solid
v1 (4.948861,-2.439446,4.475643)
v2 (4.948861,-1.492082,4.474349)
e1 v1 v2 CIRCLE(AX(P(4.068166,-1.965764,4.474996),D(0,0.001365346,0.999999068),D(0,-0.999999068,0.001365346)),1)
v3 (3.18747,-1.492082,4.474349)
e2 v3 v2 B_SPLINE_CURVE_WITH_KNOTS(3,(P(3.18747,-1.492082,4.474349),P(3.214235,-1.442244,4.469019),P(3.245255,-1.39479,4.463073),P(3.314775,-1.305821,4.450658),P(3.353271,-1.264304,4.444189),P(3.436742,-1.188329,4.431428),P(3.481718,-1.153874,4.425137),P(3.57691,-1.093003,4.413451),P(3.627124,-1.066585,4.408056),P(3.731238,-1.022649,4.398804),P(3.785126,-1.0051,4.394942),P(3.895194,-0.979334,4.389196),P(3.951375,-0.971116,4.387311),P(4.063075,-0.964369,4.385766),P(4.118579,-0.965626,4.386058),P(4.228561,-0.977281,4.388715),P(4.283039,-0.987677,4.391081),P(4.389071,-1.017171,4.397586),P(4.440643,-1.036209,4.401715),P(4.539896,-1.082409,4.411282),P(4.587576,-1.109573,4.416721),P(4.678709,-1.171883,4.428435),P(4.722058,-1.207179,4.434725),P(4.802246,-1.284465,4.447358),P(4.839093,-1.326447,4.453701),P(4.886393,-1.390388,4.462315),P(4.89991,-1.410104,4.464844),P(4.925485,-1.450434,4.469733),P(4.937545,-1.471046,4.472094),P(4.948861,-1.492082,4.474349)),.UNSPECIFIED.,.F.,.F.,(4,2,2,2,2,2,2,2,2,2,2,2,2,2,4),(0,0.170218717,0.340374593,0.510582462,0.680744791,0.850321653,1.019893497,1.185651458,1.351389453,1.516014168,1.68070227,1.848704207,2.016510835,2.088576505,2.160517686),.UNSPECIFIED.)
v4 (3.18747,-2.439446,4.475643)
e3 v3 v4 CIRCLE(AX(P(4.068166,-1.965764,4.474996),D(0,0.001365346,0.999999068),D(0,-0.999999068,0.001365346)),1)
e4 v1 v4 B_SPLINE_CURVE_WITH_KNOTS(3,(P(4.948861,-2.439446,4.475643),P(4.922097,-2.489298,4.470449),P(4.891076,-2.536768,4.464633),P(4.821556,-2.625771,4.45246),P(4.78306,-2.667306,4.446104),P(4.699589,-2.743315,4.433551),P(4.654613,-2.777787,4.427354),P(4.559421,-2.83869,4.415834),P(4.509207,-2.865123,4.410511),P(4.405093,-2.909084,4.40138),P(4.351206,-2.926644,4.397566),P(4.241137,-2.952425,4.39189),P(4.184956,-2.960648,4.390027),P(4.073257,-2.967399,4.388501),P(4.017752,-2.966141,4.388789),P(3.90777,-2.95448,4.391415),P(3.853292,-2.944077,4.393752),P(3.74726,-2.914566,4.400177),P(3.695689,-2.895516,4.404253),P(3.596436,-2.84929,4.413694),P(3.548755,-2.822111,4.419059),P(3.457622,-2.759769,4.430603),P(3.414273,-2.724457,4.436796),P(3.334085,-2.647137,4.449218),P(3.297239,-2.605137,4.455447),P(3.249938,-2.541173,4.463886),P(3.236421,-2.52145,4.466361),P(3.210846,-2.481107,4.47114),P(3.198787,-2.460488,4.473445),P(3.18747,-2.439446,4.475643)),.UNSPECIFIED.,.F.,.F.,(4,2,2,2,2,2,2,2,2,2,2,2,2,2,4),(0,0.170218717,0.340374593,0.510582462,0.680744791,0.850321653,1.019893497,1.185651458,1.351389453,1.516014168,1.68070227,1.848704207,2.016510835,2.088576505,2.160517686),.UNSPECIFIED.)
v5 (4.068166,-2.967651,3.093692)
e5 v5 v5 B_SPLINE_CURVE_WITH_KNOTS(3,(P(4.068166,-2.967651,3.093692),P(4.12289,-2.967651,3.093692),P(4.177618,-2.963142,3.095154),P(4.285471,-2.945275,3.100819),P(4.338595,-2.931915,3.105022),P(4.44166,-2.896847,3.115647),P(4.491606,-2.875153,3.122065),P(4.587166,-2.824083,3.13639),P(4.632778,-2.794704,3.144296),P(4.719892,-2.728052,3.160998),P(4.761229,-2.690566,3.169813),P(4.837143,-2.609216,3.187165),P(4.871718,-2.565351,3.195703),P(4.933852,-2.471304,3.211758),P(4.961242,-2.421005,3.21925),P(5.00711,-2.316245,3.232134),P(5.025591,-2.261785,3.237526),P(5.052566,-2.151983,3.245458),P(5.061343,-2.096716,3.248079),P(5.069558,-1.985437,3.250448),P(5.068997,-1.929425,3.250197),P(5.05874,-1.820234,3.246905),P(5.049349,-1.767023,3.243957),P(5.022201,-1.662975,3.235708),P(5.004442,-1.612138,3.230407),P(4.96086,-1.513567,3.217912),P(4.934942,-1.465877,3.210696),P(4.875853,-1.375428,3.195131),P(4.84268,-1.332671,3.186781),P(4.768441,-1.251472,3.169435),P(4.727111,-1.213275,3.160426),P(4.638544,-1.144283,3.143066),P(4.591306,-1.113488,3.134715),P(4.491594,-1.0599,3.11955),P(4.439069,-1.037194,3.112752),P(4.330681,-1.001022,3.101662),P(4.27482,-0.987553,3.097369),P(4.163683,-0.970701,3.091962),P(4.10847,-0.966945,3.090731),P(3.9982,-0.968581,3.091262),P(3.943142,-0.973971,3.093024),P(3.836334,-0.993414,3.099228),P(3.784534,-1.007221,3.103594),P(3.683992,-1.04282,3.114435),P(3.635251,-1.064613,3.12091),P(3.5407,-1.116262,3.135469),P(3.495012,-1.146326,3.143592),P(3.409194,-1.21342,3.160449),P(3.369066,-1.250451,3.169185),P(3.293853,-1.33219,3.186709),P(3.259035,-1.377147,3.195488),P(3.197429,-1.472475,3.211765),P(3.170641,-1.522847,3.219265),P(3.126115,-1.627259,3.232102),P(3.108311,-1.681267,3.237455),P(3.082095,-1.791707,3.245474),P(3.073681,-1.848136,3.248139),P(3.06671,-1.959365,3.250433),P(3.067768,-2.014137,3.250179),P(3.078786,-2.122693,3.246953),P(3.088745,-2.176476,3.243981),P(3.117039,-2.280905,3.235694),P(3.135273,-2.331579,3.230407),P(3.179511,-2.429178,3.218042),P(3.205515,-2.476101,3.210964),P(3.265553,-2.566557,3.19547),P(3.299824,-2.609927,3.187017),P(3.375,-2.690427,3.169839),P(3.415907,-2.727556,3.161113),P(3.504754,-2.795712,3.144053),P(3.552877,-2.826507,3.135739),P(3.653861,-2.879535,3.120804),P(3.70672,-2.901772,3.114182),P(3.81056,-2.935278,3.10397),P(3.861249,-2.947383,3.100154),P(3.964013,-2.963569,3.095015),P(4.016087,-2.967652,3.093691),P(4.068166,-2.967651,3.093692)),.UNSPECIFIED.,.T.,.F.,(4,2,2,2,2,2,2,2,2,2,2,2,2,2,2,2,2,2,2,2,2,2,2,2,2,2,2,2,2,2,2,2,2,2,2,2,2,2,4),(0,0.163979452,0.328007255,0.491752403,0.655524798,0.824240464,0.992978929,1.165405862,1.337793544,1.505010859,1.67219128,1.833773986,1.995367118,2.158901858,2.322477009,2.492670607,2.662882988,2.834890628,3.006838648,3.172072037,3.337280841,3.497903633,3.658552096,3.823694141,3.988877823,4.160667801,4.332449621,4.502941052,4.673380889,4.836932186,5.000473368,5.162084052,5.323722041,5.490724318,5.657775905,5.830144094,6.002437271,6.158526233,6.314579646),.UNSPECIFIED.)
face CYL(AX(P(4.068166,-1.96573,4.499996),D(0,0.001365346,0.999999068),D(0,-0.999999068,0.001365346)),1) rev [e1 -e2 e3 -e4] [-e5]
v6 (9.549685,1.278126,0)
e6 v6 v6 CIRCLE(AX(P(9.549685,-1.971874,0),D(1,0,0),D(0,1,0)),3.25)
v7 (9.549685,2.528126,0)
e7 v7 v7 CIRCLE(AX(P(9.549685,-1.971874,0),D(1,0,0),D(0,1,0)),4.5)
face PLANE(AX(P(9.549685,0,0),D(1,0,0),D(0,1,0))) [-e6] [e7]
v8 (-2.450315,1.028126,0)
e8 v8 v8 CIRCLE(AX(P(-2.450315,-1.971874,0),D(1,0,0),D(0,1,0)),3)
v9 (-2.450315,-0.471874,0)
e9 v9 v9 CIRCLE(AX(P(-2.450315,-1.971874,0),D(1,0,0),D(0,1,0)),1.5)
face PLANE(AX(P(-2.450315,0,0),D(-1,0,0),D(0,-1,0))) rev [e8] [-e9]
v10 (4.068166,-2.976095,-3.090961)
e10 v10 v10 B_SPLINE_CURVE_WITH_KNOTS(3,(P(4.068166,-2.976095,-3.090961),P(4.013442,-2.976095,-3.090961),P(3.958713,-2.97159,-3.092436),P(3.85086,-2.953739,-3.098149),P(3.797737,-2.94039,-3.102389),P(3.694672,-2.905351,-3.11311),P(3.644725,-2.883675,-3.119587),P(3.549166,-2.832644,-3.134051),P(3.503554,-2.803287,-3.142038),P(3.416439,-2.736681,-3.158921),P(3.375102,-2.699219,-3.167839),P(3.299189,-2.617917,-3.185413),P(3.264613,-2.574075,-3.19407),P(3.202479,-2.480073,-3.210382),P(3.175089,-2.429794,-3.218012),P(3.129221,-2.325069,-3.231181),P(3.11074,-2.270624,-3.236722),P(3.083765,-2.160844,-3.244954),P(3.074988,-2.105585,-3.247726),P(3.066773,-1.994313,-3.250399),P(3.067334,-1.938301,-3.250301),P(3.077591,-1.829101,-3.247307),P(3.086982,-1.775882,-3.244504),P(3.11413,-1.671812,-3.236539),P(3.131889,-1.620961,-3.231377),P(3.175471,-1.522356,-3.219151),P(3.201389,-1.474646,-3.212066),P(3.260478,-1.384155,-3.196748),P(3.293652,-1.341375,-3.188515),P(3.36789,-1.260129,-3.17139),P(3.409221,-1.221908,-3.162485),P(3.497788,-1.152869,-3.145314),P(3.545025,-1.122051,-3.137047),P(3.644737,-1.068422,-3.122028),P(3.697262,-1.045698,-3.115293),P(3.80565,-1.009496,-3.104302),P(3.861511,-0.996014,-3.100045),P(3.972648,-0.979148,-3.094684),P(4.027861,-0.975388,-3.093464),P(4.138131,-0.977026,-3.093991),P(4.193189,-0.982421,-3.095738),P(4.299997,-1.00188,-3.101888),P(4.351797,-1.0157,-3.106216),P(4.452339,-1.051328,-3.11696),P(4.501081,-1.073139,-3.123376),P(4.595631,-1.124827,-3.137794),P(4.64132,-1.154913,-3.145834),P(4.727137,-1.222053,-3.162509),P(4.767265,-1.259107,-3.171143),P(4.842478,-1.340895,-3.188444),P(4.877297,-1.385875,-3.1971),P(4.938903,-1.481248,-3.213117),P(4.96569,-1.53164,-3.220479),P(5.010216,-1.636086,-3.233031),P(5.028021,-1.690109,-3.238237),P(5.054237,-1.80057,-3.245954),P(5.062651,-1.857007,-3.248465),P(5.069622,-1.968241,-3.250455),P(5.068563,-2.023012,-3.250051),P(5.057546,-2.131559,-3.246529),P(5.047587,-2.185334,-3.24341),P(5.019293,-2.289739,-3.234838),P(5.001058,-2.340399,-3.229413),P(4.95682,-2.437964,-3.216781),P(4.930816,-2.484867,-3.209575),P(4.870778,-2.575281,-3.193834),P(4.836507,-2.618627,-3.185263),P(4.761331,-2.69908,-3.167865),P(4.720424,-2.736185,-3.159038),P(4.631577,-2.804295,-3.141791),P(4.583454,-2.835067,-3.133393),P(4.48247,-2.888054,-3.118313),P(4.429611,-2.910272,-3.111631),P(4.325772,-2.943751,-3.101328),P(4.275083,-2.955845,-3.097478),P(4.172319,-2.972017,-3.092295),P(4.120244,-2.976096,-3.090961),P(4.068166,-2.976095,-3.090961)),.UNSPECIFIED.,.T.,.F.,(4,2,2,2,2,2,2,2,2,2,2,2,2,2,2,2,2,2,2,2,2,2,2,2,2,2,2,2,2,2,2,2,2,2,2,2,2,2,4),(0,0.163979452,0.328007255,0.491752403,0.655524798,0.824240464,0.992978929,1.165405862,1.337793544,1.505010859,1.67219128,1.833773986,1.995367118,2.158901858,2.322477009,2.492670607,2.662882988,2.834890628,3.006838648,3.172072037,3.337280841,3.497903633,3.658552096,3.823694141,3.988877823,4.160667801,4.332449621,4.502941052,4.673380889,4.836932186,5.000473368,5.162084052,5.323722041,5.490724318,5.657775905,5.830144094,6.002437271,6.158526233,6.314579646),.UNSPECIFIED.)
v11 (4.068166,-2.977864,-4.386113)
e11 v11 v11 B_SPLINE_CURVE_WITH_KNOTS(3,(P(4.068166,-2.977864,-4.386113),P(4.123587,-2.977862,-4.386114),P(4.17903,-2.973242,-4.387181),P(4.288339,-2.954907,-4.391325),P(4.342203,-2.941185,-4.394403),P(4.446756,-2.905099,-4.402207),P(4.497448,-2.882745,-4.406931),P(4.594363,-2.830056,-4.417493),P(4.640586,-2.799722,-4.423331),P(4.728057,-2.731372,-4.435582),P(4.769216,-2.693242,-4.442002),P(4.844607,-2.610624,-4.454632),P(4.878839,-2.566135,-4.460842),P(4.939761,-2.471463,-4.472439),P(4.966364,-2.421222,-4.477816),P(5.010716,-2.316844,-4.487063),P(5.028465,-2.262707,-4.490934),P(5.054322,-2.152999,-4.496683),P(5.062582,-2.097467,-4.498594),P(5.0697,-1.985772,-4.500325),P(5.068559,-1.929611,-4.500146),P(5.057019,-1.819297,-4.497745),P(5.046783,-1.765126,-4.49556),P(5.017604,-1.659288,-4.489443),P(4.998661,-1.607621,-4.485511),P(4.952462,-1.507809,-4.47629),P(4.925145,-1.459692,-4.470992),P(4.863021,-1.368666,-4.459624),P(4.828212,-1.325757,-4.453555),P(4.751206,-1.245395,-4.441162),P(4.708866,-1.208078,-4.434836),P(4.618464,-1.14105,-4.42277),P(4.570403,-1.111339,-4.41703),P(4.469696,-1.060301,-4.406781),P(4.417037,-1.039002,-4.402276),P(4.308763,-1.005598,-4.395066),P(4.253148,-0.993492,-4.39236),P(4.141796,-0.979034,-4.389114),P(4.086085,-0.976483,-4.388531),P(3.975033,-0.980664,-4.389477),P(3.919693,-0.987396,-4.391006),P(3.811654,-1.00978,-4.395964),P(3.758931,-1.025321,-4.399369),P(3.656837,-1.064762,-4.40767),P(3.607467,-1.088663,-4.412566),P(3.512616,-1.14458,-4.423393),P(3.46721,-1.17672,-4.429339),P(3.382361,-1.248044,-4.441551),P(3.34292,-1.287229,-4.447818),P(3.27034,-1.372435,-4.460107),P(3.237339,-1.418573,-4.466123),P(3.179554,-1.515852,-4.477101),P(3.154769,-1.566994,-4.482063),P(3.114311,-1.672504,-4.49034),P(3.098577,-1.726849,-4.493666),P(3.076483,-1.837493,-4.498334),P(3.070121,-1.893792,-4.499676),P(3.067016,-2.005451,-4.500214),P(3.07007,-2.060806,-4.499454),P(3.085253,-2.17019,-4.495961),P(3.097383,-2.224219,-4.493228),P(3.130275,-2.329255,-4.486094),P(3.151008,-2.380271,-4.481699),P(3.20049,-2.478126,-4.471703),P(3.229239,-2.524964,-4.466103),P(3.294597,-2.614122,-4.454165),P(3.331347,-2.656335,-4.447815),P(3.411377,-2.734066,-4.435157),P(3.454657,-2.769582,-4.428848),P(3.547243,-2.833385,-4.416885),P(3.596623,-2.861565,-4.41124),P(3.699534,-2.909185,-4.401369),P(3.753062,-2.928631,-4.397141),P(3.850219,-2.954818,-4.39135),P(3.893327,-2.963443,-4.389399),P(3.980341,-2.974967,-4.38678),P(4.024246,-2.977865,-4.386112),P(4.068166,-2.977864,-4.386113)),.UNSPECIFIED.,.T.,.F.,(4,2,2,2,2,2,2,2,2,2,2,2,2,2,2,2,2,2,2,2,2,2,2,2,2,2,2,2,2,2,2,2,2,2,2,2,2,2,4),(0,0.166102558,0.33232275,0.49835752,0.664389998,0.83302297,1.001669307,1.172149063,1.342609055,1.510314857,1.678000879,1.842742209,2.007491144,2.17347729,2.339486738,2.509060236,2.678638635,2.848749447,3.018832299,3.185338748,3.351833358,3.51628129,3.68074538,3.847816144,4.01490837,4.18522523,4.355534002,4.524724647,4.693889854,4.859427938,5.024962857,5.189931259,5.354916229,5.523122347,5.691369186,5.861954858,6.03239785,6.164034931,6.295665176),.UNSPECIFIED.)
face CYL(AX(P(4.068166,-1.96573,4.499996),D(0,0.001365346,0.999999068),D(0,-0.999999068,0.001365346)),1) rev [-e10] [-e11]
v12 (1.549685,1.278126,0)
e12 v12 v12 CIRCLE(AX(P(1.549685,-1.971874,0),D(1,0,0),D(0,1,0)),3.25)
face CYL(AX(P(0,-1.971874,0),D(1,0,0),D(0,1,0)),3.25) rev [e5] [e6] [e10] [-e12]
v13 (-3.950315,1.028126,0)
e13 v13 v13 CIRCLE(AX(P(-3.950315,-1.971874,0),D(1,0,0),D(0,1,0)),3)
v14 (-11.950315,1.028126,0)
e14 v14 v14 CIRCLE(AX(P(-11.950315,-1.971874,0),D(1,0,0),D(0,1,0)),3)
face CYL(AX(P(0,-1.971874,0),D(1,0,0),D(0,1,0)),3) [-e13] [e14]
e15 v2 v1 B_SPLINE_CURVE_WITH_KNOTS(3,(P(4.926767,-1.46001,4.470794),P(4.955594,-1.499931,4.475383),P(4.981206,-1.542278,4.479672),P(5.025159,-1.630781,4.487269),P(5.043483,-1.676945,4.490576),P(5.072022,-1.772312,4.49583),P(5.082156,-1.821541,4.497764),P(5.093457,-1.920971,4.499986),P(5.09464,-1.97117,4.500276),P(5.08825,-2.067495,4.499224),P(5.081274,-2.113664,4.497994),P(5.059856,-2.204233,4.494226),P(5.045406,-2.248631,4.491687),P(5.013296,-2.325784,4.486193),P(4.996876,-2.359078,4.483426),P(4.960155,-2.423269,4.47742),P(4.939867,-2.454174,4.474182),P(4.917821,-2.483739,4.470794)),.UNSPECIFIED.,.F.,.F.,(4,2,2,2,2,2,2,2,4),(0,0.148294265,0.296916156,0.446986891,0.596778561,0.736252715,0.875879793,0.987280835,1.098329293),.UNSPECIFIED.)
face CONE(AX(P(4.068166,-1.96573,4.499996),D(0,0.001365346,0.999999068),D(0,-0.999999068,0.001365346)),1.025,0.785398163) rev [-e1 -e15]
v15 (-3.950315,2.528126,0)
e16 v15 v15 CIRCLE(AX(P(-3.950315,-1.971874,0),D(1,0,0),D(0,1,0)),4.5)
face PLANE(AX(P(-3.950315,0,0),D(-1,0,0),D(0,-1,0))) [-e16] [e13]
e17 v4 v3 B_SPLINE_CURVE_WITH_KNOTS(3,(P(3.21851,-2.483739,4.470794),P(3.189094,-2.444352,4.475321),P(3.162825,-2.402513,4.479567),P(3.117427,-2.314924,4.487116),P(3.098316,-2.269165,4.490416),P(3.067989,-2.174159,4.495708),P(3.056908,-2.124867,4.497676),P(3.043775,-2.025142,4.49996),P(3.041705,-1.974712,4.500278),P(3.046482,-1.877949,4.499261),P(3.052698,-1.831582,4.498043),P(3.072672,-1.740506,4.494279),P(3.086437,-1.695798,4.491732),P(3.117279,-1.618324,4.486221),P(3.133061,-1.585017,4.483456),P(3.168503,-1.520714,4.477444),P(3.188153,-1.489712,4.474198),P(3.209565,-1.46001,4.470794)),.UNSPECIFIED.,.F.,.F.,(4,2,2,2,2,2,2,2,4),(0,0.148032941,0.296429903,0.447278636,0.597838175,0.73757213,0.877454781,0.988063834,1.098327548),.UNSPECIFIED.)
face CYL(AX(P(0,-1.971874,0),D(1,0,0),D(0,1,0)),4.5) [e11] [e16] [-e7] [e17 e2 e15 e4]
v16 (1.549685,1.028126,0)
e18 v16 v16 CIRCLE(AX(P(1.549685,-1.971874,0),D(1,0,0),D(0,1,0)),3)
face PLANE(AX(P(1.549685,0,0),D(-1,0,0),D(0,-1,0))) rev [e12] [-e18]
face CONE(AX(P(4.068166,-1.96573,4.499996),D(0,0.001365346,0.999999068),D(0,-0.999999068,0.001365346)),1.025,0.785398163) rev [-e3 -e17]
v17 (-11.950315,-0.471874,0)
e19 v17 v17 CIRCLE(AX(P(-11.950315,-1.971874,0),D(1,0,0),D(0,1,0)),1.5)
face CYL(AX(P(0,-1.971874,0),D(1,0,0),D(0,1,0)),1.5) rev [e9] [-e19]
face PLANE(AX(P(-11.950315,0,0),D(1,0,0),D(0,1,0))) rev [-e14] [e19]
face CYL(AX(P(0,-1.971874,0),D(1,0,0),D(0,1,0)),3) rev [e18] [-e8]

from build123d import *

# Parameters (mm, degrees)
F_2_0_2_DIAMETER_HOLE1_D           = 2
F_2_0_2_DIAMETER_HOLE1_CSINK_D     = 2.05
F_2_0_2_DIAMETER_HOLE1_CSINK_ANGLE = 90


with BuildPart() as part:
    # Sketch1 → Revolve1 (revolve)
    with BuildSketch(Plane.XY):
        Polygon((9.549685022, 1.278125845), (9.549685022, 2.528125845), (-2.450314978, 2.528125845), (-3.950314978, 2.528125845), (-3.950314978, 1.028125845), (-11.950314978, 1.028125845), (-11.950314978, -0.471874155), (-2.450314978, -0.471874155), (-2.450314978, 1.028125845), (1.549685022, 1.028125845), (1.549685022, 1.278125845), align=None)
    revolve(axis=Axis((0, -1.971874155, 0), (-1, 0, 0)))

    # Ø2.0 (2) Diameter Hole1 (through all)
    with Locations(Plane(origin=(4.068165659, -1.965730097, 4.499995806), x_dir=(0, 0.999999068, -0.001365346), z_dir=(0, 0.001365346, 0.999999068))):
        with Locations((0, 0)):
            CounterSinkHole(F_2_0_2_DIAMETER_HOLE1_D / 2, F_2_0_2_DIAMETER_HOLE1_CSINK_D / 2, counter_sink_angle=F_2_0_2_DIAMETER_HOLE1_CSINK_ANGLE)


solid = part.part
